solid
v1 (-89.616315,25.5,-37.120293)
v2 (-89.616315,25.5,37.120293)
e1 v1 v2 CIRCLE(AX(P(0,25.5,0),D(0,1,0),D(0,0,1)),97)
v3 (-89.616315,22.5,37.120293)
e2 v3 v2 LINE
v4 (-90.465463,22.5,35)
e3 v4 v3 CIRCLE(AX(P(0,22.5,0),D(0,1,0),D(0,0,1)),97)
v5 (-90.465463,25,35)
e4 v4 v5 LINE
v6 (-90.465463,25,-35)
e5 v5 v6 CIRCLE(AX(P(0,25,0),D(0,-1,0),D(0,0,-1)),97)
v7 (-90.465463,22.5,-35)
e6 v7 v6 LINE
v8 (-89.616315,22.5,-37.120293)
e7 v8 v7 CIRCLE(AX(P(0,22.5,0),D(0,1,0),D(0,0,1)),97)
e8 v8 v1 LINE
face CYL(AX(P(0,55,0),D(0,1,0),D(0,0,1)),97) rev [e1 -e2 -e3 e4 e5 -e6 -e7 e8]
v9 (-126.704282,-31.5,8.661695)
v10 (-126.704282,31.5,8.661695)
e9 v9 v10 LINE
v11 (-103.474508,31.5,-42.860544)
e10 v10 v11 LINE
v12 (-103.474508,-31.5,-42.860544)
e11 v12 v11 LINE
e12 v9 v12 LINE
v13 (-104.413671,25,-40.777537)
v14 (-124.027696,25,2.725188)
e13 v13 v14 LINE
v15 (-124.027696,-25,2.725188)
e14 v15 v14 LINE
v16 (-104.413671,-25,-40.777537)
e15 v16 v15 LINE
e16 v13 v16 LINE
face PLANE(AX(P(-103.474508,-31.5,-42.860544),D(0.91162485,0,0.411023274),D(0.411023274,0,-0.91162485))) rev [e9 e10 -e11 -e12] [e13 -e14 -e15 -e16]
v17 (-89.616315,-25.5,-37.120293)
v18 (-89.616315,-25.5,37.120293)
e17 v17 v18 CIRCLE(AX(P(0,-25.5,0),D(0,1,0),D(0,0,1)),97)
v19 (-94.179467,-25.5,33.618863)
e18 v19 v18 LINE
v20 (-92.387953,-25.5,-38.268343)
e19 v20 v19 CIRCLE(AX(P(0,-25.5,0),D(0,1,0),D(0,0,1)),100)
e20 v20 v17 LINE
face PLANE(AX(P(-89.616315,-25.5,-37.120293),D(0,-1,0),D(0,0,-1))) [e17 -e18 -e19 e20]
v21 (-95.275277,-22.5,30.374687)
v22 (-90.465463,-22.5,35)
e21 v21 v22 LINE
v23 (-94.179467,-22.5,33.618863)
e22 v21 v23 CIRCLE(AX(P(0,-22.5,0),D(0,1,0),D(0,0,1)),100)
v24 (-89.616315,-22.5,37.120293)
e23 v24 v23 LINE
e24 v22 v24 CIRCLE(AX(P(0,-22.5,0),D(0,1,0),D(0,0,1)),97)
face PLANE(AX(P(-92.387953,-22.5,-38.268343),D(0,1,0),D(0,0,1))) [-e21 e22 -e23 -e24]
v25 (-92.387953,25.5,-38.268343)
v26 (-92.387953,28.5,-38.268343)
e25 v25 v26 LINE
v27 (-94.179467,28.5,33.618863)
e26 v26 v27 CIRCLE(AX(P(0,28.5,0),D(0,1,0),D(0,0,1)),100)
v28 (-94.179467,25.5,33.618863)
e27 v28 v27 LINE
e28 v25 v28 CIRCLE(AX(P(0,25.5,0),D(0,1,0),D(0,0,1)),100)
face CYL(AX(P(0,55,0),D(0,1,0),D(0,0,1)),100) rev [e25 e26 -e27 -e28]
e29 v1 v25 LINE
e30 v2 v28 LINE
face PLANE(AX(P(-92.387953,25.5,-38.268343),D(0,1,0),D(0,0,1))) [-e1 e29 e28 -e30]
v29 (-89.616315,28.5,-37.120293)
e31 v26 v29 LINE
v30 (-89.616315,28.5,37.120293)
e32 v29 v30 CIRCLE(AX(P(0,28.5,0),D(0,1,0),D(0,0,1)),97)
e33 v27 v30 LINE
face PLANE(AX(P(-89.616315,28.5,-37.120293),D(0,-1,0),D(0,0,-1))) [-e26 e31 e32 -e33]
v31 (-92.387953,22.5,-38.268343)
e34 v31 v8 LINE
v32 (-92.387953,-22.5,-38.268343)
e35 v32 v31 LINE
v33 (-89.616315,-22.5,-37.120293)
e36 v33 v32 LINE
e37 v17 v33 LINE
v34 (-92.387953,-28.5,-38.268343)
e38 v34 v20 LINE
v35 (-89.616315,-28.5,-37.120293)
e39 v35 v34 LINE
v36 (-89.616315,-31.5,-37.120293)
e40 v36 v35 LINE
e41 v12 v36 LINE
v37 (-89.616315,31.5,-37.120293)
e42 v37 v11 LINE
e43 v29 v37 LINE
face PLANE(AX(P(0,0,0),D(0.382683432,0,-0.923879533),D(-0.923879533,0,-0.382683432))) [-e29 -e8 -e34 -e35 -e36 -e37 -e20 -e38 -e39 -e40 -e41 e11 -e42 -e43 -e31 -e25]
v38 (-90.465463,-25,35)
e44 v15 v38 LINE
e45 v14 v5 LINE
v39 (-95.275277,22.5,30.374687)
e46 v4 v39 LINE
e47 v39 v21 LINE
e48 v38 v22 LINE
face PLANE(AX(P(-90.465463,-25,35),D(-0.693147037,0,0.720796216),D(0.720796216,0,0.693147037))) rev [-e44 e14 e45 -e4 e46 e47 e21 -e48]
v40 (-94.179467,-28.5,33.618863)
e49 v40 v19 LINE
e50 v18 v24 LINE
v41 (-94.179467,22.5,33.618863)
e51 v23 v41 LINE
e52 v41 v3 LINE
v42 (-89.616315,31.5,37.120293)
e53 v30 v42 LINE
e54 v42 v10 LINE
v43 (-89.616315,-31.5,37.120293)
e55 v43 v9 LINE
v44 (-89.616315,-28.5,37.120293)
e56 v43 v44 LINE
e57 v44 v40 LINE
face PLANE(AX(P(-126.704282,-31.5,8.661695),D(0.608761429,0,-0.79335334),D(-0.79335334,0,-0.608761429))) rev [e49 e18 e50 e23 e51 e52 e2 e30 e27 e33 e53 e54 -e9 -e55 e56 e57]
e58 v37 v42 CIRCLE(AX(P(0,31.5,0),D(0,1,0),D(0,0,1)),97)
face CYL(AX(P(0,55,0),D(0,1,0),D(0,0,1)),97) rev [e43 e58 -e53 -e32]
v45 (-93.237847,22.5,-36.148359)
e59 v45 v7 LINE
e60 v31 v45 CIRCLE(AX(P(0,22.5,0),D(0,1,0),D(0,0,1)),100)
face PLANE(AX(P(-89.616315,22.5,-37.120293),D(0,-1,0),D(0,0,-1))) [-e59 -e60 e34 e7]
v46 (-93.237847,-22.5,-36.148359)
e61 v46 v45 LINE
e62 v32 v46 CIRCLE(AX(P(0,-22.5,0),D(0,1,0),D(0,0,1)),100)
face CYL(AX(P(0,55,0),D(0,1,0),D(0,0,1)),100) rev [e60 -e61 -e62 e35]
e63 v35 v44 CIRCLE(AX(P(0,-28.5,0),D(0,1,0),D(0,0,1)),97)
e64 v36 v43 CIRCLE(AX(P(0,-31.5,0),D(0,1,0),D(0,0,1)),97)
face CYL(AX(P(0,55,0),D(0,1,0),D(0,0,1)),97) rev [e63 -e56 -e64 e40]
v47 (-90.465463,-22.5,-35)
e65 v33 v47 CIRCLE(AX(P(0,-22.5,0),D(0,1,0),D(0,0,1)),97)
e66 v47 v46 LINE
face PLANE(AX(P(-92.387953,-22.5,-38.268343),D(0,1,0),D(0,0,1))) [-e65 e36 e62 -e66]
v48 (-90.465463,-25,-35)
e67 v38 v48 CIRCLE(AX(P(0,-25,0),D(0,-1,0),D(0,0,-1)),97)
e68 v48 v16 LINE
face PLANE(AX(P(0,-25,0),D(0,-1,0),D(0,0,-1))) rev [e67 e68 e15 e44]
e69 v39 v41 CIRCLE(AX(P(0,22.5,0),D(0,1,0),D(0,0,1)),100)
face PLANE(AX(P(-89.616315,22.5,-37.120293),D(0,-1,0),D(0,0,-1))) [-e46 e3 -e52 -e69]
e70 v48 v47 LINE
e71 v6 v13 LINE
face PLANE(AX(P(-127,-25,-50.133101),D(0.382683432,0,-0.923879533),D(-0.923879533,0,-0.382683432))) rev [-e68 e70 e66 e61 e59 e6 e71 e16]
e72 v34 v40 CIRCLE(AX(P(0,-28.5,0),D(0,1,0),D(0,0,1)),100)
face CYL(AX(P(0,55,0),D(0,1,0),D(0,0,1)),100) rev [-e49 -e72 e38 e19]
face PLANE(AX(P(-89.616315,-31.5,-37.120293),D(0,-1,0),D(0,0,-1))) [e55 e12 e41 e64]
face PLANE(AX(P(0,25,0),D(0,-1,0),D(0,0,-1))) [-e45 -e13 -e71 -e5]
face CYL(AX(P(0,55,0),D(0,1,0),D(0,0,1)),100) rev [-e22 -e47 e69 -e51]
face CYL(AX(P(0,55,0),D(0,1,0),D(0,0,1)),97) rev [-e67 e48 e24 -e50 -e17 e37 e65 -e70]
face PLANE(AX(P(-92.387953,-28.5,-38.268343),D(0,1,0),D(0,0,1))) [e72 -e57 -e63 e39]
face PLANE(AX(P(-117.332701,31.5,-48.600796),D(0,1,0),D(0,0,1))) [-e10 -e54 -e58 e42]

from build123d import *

# Parameters (mm, degrees)
R_VOLUTION1_ANGLE       = 45
ENL_V_MAT_EXTRU_1_DEPTH = 25
ENL_V_MAT_EXTRU_2_DEPTH = 64
ENL_V_MAT_EXTRU_3_DEPTH = 64


with BuildPart() as part:
    # Esquisse1 → Révolution1 (revolve, symmetric)
    with BuildSketch(Plane.XY) as r_volution1_sk:
        Polygon((-127, 31.5), (-97, 31.5), (-97, 28.5), (-100, 28.5), (-100, 25.5), (-97, 25.5), (-97, 22.5), (-100, 22.5), (-100, -22.5), (-97, -22.5), (-97, -25.5), (-100, -25.5), (-100, -28.5), (-97, -28.5), (-97, -31.5), (-127, -31.5), align=None)
    revolve(axis=Axis((0, 55, 0), (0, -1, 0)), revolution_arc=R_VOLUTION1_ANGLE / 2)
    revolve(r_volution1_sk.sketch, axis=Axis((0, 55, 0), (0, 1, 0)), revolution_arc=R_VOLUTION1_ANGLE / 2)

    # Esquisse3 → Enlèv. mat.-Extru.1 (cut, symmetric)
    with BuildSketch(Plane(origin=(0, 0, 0), x_dir=(1, 0, 0), z_dir=(0, 1, 0))):
        Polygon((-127, 50.133100711), (-90.465463023, 35), (-90.465463023, -35), (-127, 0.133100711), align=None)
    extrude(amount=ENL_V_MAT_EXTRU_1_DEPTH, both=True, mode=Mode.SUBTRACT)

    # Esquisse4 → Enlèv. mat.-Extru.2 (cut, through all)
    with BuildSketch(Plane(origin=(0, 31.5, 0), x_dir=(1, 0, 0), z_dir=(0, 1, 0))):
        with BuildLine():
            Line((-117.332700629, -48.60079591), (-89.616314654, -37.120292939))
            Line((-89.616314654, -37.120292939), (-126.704281868, -8.661694766))
            ThreePointArc((-126.704281868, -8.661694766), (-123.641801817, -29.012149926), (-117.332700629, -48.60079591))
        make_face()
    extrude(amount=-ENL_V_MAT_EXTRU_2_DEPTH, mode=Mode.SUBTRACT)

    # Esquisse5 → Enlèv. mat.-Extru.3 (cut, through all)
    with BuildSketch(Plane(origin=(0, 31.5, 0), x_dir=(1, 0, 0), z_dir=(0, 1, 0))):
        Polygon((-126.704281868, -8.661694766), (-148.461378706, 8.033112817), (-117.332700629, 48.60079591), (-103.474507641, 42.860544425), align=None)
    extrude(amount=-ENL_V_MAT_EXTRU_3_DEPTH, mode=Mode.SUBTRACT)


solid = part.part
